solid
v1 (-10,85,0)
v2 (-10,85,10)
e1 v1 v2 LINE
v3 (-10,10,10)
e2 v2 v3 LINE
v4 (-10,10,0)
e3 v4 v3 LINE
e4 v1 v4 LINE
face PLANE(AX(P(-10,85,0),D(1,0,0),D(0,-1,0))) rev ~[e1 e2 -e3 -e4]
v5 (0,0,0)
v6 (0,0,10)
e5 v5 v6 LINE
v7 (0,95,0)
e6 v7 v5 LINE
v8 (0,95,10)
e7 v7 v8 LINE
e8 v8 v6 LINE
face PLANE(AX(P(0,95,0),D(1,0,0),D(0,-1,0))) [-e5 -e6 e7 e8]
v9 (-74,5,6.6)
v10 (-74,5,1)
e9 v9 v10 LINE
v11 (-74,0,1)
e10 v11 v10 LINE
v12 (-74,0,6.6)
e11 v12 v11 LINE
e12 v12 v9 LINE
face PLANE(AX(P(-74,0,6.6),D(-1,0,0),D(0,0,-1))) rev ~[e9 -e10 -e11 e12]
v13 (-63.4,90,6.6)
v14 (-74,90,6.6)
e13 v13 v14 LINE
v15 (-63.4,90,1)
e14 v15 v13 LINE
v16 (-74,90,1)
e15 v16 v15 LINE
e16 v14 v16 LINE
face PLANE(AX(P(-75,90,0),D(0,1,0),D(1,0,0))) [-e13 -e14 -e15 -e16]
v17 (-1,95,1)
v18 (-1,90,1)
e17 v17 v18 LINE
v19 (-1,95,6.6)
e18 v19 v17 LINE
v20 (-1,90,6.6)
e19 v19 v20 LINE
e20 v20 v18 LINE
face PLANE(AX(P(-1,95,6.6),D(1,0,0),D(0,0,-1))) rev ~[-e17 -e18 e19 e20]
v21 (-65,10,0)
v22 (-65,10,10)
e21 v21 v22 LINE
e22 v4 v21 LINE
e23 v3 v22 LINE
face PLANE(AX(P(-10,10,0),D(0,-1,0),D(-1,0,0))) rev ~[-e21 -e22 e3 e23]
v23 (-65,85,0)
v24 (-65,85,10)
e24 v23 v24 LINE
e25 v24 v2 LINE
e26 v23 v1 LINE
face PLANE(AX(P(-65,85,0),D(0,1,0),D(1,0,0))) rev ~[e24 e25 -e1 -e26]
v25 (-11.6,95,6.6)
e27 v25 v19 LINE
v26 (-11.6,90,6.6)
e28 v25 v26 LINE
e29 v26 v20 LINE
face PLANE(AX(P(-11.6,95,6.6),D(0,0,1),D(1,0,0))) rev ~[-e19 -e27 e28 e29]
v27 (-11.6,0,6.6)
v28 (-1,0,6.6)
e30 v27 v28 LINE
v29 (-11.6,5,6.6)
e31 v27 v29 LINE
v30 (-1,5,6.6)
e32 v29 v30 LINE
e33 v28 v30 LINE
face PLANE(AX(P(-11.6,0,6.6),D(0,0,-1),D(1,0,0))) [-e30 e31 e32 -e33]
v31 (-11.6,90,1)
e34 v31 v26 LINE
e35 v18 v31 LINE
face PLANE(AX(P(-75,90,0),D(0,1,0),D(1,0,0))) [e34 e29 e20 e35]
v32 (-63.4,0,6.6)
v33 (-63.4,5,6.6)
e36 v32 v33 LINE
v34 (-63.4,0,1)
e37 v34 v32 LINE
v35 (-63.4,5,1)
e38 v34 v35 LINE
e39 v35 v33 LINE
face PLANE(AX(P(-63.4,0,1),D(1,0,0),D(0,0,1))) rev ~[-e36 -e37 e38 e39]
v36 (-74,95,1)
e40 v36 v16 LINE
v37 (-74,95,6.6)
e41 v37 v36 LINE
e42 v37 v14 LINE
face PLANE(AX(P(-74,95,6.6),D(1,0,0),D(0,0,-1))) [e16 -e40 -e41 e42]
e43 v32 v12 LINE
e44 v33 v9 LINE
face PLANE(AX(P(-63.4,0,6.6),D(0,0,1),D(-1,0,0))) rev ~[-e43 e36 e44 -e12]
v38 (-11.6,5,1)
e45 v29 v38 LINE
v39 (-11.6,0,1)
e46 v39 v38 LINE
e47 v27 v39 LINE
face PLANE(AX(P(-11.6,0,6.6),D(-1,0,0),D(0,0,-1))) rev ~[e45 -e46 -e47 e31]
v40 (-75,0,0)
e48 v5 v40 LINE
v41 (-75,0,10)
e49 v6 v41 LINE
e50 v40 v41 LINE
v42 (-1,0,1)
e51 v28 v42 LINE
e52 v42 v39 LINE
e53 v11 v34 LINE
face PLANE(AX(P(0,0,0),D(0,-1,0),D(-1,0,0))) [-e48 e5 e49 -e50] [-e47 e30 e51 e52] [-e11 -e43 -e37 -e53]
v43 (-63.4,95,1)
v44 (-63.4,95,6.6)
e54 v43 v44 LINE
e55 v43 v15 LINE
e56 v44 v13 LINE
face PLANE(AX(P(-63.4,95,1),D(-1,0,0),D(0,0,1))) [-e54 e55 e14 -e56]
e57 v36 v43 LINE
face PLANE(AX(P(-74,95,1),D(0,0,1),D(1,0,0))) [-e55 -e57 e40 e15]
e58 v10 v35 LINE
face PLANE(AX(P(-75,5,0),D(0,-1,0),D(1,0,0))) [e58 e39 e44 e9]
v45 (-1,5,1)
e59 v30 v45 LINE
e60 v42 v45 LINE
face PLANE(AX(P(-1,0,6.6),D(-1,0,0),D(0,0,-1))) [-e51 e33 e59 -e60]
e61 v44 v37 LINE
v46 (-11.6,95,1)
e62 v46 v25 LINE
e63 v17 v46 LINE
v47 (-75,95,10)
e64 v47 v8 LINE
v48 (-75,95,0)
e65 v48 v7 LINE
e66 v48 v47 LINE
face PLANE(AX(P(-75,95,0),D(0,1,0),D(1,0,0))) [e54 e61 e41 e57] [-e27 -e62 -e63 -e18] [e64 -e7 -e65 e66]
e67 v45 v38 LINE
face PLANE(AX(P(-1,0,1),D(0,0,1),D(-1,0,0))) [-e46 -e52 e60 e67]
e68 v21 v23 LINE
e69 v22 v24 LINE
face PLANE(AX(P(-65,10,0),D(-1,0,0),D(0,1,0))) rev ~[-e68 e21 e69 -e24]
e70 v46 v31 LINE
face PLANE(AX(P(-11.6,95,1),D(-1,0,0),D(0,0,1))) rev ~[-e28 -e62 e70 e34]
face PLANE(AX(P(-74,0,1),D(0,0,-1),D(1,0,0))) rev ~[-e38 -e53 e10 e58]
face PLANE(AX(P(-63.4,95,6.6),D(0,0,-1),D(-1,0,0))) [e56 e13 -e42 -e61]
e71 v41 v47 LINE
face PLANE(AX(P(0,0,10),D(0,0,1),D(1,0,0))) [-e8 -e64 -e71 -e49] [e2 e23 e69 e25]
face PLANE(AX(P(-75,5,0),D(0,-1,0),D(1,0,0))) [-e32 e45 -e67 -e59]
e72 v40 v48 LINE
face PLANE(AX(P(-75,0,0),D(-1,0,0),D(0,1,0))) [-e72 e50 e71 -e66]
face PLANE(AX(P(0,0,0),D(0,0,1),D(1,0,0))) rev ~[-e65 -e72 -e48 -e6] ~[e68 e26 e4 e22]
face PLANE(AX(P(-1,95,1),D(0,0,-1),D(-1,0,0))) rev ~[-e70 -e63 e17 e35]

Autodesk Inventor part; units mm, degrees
ref_plane "YZ Plane" through (0, 0, 0) normal (1, 0, 0) x (0, 1, 0)
ref_plane "XZ Plane" through (0, 0, 0) normal (0, 1, 0) x (-1, 0, 0)
ref_plane "XY Plane" through (0, 0, 0) normal (0, 0, 1) x (1, 0, 0)
sketch "Sketch1" plane through (0, 0, 0) normal (0, 0, 1) x (1, 0, 0)
  line L0 (0, 0) -> (-75, 0)
  line L1 (-75, 0) -> (-75, 95)
  line L2 (-75, 95) -> (0, 95)
  line L3 (0, 95) -> (0, 0)
  line L4 (-65, 85) -> (-10, 85)
  line L5 (-10, 85) -> (-10, 10)
  line L6 (-10, 10) -> (-65, 10)
  line L7 (-65, 10) -> (-65, 85)
  dimension "d0" = 75
  dimension "d1" = 95
  dimension "d10" = 55
  dimension "d11" = 75
extrude "Extrusion3" add sketch "Sketch1" along normal blind 10
sketch "Sketch2" plane through (-75, 95, 0) normal (0, 1, 0) x (1, 0, 0)
  line L0 (1, -1) -> (11.6, -1)
  line L1 (11.6, -1) -> (11.6, -6.6)
  line L2 (11.6, -6.6) -> (1, -6.6)
  line L3 (1, -6.6) -> (1, -1)
  line L4 (74, -1) -> (63.4, -1)
  line L5 (63.4, -1) -> (63.4, -6.6)
  line L6 (63.4, -6.6) -> (74, -6.6)
  line L7 (74, -6.6) -> (74, -1)
  point P0 (75, 0)
  dimension "d14" = 10.6
  dimension "d15" = 5.6
  dimension "d16" = 10.6
  dimension "d17" = 5.6
extrude "Extrusion4" cut sketch "Sketch2" against normal blind 5
sketch "Sketch3" plane through (-75, 0, 0) normal (0, -1, 0) x (1, 0, 0)
  line L0 (1, 1) -> (11.6, 1)
  line L1 (11.6, 1) -> (11.6, 6.6)
  line L2 (11.6, 6.6) -> (1, 6.6)
  line L3 (1, 6.6) -> (1, 1)
  line L4 (63.4, 6.6) -> (63.4, 1) projected
  line L5 (74, 1) -> (63.4, 1)
  line L6 (63.4, 1) -> (63.4, 6.6)
  line L7 (63.4, 6.6) -> (74, 6.6)
  line L8 (74, 6.6) -> (74, 1)
  point P0 (75, 0)
  point P1 (63.4, 1)
  dimension "d20" = 10.6
  dimension "d21" = 5.6
  dimension "d22" = 10.6
  dimension "d23" = 5.6
extrude "Extrusion5" cut sketch "Sketch3" against normal blind 5
properties part number "Shoulder_Cube_TestFit_V1"
